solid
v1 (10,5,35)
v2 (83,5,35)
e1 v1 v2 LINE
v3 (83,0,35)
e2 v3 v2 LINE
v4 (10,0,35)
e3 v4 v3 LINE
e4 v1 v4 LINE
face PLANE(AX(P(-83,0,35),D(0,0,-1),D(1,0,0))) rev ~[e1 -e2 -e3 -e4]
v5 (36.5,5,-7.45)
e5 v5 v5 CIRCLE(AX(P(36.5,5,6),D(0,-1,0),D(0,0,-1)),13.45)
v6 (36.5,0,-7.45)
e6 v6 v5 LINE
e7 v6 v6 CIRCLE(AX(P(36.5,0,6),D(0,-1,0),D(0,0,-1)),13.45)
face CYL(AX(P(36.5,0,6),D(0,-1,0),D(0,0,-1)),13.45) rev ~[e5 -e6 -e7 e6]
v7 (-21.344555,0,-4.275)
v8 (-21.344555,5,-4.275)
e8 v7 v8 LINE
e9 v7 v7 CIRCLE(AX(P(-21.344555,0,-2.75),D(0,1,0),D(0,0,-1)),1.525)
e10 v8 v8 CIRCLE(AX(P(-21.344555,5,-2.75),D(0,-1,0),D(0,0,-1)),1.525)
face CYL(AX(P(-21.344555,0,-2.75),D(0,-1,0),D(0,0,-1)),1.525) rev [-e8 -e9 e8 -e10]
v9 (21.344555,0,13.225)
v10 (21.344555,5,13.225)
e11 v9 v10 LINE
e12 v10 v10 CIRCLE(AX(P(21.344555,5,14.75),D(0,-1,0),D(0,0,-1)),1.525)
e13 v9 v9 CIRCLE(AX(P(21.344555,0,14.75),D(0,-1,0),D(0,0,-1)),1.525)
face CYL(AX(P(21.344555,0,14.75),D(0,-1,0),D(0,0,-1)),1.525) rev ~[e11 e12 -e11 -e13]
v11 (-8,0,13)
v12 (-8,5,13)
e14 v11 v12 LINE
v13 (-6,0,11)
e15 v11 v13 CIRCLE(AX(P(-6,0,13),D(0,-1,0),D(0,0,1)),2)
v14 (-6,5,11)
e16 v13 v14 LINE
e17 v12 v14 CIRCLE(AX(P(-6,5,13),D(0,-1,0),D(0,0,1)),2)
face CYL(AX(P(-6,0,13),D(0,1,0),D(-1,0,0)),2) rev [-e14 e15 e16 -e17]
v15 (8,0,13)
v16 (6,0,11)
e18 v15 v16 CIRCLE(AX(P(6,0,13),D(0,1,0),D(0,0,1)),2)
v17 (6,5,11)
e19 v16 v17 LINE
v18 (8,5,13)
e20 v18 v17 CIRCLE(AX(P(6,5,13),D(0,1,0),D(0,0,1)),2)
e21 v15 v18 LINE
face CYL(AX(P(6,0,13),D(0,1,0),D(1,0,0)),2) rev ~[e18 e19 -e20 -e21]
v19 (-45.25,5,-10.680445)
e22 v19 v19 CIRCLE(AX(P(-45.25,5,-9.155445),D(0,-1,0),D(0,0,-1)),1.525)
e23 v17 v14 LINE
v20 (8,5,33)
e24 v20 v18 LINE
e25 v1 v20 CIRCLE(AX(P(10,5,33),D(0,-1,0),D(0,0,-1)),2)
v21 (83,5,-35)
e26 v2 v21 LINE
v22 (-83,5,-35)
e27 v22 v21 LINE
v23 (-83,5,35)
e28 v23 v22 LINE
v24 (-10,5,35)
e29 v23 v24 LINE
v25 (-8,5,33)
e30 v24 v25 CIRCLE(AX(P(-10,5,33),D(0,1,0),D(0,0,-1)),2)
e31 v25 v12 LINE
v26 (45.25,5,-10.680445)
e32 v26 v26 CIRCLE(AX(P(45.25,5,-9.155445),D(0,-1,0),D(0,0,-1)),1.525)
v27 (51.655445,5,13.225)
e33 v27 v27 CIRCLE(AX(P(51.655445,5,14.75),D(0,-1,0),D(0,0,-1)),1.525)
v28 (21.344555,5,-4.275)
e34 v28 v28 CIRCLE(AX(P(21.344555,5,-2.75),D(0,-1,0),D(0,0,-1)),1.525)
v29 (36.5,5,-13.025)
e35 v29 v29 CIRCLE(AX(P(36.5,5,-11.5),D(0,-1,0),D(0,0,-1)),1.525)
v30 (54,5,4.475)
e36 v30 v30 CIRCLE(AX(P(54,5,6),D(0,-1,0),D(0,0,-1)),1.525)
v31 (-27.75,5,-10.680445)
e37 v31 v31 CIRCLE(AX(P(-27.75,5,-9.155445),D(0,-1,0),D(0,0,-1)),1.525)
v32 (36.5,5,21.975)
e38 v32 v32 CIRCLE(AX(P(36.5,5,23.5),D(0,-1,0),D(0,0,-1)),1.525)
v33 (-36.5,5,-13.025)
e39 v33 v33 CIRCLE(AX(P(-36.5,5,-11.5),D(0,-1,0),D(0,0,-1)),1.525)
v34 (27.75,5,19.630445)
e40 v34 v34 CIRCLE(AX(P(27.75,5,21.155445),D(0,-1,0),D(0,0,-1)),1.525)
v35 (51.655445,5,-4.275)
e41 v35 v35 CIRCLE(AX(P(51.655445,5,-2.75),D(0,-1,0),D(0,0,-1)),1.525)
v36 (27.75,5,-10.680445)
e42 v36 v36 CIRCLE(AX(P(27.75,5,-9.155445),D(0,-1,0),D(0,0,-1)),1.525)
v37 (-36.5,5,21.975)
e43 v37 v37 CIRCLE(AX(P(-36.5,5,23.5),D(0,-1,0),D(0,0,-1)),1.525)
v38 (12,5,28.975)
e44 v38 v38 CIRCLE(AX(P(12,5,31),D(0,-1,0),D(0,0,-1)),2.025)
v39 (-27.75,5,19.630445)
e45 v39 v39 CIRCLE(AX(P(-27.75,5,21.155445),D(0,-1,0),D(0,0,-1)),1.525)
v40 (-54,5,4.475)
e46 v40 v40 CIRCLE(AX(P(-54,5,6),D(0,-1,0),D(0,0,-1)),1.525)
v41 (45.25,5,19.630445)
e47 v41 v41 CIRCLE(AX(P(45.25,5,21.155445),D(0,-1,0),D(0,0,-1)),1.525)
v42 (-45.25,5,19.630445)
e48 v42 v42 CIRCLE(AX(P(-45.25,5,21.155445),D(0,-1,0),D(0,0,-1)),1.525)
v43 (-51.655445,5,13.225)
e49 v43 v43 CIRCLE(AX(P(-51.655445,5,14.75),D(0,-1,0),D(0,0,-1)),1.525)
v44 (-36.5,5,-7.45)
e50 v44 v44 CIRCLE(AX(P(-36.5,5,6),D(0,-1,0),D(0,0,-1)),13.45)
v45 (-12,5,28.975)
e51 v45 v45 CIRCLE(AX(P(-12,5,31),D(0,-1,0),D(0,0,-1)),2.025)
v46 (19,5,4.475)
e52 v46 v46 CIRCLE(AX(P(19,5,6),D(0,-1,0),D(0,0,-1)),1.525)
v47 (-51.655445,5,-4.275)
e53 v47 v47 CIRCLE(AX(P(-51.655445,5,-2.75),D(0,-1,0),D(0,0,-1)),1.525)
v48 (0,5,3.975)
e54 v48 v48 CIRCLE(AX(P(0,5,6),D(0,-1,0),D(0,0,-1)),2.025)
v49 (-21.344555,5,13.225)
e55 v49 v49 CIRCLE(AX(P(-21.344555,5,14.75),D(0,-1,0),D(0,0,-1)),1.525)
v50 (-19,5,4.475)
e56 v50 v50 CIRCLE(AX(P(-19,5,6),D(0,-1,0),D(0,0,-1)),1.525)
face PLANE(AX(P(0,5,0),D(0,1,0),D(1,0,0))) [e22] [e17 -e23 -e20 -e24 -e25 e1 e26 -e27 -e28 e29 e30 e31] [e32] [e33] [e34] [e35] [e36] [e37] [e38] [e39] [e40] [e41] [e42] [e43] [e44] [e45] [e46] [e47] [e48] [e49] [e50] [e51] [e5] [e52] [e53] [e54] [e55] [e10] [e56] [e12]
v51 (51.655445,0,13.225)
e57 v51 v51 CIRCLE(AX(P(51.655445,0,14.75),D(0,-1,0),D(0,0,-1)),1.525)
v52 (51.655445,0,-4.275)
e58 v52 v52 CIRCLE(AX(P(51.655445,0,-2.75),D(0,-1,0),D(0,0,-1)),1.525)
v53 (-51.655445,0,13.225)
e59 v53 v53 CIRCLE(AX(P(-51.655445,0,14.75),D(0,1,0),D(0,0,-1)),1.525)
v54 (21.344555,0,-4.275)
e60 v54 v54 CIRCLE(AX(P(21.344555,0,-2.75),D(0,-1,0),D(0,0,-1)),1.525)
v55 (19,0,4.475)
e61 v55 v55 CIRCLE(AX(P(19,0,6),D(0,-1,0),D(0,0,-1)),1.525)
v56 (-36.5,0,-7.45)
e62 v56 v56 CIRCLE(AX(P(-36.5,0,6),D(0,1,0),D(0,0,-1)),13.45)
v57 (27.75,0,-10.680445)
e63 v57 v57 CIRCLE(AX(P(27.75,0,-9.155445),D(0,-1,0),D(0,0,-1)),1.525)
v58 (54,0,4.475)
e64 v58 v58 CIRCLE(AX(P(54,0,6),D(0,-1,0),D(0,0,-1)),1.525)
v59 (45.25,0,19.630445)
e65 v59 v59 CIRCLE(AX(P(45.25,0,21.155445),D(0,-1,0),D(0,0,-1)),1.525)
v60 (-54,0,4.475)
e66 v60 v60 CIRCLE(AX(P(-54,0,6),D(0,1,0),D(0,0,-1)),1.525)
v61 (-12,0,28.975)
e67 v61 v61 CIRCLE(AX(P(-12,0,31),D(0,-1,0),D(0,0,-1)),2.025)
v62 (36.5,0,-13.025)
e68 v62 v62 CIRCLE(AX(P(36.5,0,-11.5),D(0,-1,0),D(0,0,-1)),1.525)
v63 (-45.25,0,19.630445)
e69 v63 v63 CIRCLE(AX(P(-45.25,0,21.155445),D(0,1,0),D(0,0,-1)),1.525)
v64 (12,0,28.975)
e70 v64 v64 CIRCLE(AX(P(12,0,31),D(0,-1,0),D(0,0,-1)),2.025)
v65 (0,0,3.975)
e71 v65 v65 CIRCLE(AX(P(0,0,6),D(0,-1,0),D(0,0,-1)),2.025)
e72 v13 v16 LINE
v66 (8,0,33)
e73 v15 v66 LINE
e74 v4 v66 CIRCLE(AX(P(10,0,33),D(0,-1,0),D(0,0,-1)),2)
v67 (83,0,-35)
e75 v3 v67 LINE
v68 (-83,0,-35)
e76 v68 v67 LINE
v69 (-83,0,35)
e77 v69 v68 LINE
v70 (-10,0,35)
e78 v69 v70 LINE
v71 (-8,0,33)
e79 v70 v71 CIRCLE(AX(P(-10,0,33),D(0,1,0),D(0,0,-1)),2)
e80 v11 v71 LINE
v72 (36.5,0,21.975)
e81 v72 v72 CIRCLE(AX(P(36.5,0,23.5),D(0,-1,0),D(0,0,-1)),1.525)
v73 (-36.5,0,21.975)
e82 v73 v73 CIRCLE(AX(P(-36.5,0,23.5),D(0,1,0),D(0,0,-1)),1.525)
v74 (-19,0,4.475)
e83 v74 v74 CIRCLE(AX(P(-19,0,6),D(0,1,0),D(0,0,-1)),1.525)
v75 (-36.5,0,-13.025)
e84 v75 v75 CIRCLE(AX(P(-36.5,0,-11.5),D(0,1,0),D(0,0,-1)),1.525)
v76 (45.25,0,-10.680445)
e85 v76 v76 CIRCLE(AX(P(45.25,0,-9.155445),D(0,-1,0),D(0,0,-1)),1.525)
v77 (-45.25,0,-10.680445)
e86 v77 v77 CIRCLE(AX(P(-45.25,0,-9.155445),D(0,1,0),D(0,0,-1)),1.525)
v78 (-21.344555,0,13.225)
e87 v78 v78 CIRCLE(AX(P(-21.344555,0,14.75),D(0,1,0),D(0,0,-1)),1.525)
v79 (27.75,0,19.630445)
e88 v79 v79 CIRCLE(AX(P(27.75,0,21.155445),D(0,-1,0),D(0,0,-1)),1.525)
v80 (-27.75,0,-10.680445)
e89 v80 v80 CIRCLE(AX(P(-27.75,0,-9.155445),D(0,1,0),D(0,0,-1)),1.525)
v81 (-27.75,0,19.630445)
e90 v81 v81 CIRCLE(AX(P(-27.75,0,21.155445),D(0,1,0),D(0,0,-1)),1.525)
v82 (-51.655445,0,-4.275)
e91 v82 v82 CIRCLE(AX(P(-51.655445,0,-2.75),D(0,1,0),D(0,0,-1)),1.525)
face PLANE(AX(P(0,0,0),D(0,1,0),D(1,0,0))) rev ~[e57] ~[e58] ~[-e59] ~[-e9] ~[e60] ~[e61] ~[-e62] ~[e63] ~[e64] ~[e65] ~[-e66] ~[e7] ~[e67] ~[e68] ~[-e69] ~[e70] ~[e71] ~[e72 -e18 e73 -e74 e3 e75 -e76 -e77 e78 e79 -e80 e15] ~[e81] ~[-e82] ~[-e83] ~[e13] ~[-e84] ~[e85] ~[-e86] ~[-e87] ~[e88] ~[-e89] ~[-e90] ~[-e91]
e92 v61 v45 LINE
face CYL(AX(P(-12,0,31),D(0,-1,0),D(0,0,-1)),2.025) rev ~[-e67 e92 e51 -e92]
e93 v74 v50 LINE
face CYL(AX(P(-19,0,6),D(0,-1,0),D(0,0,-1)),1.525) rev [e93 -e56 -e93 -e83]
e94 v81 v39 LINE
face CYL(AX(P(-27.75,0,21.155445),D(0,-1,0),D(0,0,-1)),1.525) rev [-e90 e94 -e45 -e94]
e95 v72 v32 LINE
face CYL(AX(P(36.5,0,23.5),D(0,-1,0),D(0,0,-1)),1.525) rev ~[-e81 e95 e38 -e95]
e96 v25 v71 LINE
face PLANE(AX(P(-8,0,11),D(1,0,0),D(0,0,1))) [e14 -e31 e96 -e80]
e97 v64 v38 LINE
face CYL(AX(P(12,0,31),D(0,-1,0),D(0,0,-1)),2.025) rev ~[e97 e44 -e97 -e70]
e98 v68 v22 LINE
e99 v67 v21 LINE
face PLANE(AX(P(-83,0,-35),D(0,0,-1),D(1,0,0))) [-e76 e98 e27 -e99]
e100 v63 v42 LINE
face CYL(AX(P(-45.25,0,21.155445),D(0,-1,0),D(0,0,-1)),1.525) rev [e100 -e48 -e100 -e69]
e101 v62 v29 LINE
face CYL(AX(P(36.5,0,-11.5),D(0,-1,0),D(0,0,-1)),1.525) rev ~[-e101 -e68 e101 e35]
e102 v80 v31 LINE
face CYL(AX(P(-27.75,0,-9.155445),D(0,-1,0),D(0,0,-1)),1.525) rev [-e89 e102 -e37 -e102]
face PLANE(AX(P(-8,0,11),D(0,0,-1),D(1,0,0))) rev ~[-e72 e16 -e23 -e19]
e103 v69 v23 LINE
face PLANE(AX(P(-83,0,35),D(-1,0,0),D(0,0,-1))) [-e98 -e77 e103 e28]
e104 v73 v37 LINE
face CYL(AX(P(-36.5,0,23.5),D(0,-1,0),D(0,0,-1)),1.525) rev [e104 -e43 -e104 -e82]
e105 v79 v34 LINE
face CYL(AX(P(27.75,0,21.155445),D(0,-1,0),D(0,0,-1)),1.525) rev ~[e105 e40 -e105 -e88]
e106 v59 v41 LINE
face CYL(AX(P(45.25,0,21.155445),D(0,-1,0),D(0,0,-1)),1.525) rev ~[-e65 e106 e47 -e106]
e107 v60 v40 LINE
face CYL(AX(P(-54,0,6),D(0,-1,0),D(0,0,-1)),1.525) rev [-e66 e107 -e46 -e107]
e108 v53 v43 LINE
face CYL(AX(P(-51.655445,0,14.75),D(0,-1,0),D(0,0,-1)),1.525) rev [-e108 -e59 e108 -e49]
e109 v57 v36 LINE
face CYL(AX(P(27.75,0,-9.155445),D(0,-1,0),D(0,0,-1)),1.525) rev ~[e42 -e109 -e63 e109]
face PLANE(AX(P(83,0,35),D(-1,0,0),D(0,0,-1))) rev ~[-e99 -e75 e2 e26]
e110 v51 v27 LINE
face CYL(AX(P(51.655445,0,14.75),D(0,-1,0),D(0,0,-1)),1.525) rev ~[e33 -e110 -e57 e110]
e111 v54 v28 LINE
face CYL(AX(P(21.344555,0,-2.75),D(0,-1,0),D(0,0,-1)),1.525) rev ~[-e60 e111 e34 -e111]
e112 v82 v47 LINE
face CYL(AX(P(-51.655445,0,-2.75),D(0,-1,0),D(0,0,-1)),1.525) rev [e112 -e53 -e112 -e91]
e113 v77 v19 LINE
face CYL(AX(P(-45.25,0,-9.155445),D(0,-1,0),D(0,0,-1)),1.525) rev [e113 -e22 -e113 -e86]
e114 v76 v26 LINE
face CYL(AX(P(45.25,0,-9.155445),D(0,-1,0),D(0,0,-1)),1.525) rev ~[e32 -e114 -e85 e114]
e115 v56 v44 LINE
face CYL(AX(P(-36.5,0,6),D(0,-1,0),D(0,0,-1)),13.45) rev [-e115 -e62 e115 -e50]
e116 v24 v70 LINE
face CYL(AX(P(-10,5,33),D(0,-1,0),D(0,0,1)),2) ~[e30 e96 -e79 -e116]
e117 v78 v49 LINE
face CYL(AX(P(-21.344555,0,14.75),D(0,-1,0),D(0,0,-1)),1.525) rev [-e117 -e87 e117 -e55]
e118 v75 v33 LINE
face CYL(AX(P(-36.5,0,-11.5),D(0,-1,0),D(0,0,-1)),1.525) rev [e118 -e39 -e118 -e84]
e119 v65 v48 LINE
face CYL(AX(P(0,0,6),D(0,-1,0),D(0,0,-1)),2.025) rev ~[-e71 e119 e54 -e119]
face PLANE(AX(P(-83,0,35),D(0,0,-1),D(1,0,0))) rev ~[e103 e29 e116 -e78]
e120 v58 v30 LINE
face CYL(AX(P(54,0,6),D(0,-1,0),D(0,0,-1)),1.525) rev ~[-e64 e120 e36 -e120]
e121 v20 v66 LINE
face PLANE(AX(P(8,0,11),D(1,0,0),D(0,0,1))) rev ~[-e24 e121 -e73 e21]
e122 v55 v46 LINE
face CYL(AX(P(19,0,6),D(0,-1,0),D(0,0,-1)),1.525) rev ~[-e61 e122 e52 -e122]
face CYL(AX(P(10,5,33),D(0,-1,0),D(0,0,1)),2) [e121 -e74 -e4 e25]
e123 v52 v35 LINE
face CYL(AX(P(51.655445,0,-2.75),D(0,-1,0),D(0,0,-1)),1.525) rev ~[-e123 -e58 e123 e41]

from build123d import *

# Parameters (mm, degrees)
SKETCH_1_W          = 166
SKETCH_1_H          = 70
EXTRUDE_1_DEPTH     = 5
SKETCH_2_R          = 2.025
CUT_EXTRUDE_1_DEPTH = 5
SKETCH_3_R          = 1.525
SKETCH_3_R_2        = 13.45
CUT_EXTRUDE_2_DEPTH = 81.4
SKETCH_5_W          = 16
SKETCH_5_H          = 48
CUT_EXTRUDE_4_DEPTH = 81.4
FILLET_2_R          = 2


with BuildPart() as part:
    # 草图1 → 凸台-拉伸1 (new body)
    with BuildSketch(Plane(origin=(0, 0, 0), x_dir=(1, 0, 0), z_dir=(0, 1, 0))):
        Rectangle(SKETCH_1_W, SKETCH_1_H)
    extrude(amount=EXTRUDE_1_DEPTH)

    # 草图2 → 切除-拉伸1 (cut)
    with BuildSketch(Plane.XZ):
        with Locations(Location((-12, 31, 0), (0, 0, 270))):
            Circle(SKETCH_2_R)
        with Locations(Location((12, 31, 0), (0, 0, 270))):
            Circle(SKETCH_2_R)
        with Locations(Location((0, 6, 0), (0, 0, 270))):
            Circle(SKETCH_2_R)
    extrude(amount=-CUT_EXTRUDE_1_DEPTH, mode=Mode.SUBTRACT)

    # 草图3 → 切除-拉伸2 (cut)
    with BuildSketch(Plane.XZ):
        with Locations(Location((36.5, 23.5, 0), (0, 0, 270))):
            Circle(SKETCH_3_R)
        with Locations(Location((45.25, 21.155444566, 0), (0, 0, 270))):
            Circle(SKETCH_3_R)
        with Locations(Location((51.655444566, 14.75, 0), (0, 0, 270))):
            Circle(SKETCH_3_R)
        with Locations(Location((54, 6, 0), (0, 0, 270))):
            Circle(SKETCH_3_R)
        with Locations(Location((51.655444566, -2.75, 0), (0, 0, 270))):
            Circle(SKETCH_3_R)
        with Locations(Location((45.25, -9.155444566, 0), (0, 0, 270))):
            Circle(SKETCH_3_R)
        with Locations(Location((36.5, -11.5, 0), (0, 0, 270))):
            Circle(SKETCH_3_R)
        with Locations(Location((27.75, -9.155444566, 0), (0, 0, 270))):
            Circle(SKETCH_3_R)
        with Locations(Location((21.344555434, -2.75, 0), (0, 0, 270))):
            Circle(SKETCH_3_R)
        with Locations(Location((19, 6, 0), (0, 0, 270))):
            Circle(SKETCH_3_R)
        with Locations(Location((21.344555434, 14.75, 0), (0, 0, 270))):
            Circle(SKETCH_3_R)
        with Locations(Location((27.75, 21.155444566, 0), (0, 0, 270))):
            Circle(SKETCH_3_R)
        with Locations(Location((36.5, 6, 0), (0, 0, 270))):
            Circle(SKETCH_3_R_2)
    cut_extrude_2 = extrude(amount=-CUT_EXTRUDE_2_DEPTH, mode=Mode.SUBTRACT)

    # 镜向1: 切除-拉伸2 across plane
    add(cut_extrude_2.mirror(Plane(origin=(0, 0, 0), x_dir=(0, 0, 1), z_dir=(1, 0, 0))), mode=Mode.SUBTRACT)

    # 草图5 → 切除-拉伸4 (cut)
    with BuildSketch(Plane.XZ):
        with Locations((0, 35)):
            Rectangle(SKETCH_5_W, SKETCH_5_H)
    extrude(amount=-CUT_EXTRUDE_4_DEPTH, mode=Mode.SUBTRACT)

    # 圆角2
    fillet_2_edges = [part.edges().sort_by_distance(p)[0] for p in [
        (8, 2.5, 35),
        (8, 2.5, 11),
        (-8, 2.5, 35),
        (-8, 2.5, 11),
    ]]
    fillet(fillet_2_edges, radius=FILLET_2_R)


solid = part.part
